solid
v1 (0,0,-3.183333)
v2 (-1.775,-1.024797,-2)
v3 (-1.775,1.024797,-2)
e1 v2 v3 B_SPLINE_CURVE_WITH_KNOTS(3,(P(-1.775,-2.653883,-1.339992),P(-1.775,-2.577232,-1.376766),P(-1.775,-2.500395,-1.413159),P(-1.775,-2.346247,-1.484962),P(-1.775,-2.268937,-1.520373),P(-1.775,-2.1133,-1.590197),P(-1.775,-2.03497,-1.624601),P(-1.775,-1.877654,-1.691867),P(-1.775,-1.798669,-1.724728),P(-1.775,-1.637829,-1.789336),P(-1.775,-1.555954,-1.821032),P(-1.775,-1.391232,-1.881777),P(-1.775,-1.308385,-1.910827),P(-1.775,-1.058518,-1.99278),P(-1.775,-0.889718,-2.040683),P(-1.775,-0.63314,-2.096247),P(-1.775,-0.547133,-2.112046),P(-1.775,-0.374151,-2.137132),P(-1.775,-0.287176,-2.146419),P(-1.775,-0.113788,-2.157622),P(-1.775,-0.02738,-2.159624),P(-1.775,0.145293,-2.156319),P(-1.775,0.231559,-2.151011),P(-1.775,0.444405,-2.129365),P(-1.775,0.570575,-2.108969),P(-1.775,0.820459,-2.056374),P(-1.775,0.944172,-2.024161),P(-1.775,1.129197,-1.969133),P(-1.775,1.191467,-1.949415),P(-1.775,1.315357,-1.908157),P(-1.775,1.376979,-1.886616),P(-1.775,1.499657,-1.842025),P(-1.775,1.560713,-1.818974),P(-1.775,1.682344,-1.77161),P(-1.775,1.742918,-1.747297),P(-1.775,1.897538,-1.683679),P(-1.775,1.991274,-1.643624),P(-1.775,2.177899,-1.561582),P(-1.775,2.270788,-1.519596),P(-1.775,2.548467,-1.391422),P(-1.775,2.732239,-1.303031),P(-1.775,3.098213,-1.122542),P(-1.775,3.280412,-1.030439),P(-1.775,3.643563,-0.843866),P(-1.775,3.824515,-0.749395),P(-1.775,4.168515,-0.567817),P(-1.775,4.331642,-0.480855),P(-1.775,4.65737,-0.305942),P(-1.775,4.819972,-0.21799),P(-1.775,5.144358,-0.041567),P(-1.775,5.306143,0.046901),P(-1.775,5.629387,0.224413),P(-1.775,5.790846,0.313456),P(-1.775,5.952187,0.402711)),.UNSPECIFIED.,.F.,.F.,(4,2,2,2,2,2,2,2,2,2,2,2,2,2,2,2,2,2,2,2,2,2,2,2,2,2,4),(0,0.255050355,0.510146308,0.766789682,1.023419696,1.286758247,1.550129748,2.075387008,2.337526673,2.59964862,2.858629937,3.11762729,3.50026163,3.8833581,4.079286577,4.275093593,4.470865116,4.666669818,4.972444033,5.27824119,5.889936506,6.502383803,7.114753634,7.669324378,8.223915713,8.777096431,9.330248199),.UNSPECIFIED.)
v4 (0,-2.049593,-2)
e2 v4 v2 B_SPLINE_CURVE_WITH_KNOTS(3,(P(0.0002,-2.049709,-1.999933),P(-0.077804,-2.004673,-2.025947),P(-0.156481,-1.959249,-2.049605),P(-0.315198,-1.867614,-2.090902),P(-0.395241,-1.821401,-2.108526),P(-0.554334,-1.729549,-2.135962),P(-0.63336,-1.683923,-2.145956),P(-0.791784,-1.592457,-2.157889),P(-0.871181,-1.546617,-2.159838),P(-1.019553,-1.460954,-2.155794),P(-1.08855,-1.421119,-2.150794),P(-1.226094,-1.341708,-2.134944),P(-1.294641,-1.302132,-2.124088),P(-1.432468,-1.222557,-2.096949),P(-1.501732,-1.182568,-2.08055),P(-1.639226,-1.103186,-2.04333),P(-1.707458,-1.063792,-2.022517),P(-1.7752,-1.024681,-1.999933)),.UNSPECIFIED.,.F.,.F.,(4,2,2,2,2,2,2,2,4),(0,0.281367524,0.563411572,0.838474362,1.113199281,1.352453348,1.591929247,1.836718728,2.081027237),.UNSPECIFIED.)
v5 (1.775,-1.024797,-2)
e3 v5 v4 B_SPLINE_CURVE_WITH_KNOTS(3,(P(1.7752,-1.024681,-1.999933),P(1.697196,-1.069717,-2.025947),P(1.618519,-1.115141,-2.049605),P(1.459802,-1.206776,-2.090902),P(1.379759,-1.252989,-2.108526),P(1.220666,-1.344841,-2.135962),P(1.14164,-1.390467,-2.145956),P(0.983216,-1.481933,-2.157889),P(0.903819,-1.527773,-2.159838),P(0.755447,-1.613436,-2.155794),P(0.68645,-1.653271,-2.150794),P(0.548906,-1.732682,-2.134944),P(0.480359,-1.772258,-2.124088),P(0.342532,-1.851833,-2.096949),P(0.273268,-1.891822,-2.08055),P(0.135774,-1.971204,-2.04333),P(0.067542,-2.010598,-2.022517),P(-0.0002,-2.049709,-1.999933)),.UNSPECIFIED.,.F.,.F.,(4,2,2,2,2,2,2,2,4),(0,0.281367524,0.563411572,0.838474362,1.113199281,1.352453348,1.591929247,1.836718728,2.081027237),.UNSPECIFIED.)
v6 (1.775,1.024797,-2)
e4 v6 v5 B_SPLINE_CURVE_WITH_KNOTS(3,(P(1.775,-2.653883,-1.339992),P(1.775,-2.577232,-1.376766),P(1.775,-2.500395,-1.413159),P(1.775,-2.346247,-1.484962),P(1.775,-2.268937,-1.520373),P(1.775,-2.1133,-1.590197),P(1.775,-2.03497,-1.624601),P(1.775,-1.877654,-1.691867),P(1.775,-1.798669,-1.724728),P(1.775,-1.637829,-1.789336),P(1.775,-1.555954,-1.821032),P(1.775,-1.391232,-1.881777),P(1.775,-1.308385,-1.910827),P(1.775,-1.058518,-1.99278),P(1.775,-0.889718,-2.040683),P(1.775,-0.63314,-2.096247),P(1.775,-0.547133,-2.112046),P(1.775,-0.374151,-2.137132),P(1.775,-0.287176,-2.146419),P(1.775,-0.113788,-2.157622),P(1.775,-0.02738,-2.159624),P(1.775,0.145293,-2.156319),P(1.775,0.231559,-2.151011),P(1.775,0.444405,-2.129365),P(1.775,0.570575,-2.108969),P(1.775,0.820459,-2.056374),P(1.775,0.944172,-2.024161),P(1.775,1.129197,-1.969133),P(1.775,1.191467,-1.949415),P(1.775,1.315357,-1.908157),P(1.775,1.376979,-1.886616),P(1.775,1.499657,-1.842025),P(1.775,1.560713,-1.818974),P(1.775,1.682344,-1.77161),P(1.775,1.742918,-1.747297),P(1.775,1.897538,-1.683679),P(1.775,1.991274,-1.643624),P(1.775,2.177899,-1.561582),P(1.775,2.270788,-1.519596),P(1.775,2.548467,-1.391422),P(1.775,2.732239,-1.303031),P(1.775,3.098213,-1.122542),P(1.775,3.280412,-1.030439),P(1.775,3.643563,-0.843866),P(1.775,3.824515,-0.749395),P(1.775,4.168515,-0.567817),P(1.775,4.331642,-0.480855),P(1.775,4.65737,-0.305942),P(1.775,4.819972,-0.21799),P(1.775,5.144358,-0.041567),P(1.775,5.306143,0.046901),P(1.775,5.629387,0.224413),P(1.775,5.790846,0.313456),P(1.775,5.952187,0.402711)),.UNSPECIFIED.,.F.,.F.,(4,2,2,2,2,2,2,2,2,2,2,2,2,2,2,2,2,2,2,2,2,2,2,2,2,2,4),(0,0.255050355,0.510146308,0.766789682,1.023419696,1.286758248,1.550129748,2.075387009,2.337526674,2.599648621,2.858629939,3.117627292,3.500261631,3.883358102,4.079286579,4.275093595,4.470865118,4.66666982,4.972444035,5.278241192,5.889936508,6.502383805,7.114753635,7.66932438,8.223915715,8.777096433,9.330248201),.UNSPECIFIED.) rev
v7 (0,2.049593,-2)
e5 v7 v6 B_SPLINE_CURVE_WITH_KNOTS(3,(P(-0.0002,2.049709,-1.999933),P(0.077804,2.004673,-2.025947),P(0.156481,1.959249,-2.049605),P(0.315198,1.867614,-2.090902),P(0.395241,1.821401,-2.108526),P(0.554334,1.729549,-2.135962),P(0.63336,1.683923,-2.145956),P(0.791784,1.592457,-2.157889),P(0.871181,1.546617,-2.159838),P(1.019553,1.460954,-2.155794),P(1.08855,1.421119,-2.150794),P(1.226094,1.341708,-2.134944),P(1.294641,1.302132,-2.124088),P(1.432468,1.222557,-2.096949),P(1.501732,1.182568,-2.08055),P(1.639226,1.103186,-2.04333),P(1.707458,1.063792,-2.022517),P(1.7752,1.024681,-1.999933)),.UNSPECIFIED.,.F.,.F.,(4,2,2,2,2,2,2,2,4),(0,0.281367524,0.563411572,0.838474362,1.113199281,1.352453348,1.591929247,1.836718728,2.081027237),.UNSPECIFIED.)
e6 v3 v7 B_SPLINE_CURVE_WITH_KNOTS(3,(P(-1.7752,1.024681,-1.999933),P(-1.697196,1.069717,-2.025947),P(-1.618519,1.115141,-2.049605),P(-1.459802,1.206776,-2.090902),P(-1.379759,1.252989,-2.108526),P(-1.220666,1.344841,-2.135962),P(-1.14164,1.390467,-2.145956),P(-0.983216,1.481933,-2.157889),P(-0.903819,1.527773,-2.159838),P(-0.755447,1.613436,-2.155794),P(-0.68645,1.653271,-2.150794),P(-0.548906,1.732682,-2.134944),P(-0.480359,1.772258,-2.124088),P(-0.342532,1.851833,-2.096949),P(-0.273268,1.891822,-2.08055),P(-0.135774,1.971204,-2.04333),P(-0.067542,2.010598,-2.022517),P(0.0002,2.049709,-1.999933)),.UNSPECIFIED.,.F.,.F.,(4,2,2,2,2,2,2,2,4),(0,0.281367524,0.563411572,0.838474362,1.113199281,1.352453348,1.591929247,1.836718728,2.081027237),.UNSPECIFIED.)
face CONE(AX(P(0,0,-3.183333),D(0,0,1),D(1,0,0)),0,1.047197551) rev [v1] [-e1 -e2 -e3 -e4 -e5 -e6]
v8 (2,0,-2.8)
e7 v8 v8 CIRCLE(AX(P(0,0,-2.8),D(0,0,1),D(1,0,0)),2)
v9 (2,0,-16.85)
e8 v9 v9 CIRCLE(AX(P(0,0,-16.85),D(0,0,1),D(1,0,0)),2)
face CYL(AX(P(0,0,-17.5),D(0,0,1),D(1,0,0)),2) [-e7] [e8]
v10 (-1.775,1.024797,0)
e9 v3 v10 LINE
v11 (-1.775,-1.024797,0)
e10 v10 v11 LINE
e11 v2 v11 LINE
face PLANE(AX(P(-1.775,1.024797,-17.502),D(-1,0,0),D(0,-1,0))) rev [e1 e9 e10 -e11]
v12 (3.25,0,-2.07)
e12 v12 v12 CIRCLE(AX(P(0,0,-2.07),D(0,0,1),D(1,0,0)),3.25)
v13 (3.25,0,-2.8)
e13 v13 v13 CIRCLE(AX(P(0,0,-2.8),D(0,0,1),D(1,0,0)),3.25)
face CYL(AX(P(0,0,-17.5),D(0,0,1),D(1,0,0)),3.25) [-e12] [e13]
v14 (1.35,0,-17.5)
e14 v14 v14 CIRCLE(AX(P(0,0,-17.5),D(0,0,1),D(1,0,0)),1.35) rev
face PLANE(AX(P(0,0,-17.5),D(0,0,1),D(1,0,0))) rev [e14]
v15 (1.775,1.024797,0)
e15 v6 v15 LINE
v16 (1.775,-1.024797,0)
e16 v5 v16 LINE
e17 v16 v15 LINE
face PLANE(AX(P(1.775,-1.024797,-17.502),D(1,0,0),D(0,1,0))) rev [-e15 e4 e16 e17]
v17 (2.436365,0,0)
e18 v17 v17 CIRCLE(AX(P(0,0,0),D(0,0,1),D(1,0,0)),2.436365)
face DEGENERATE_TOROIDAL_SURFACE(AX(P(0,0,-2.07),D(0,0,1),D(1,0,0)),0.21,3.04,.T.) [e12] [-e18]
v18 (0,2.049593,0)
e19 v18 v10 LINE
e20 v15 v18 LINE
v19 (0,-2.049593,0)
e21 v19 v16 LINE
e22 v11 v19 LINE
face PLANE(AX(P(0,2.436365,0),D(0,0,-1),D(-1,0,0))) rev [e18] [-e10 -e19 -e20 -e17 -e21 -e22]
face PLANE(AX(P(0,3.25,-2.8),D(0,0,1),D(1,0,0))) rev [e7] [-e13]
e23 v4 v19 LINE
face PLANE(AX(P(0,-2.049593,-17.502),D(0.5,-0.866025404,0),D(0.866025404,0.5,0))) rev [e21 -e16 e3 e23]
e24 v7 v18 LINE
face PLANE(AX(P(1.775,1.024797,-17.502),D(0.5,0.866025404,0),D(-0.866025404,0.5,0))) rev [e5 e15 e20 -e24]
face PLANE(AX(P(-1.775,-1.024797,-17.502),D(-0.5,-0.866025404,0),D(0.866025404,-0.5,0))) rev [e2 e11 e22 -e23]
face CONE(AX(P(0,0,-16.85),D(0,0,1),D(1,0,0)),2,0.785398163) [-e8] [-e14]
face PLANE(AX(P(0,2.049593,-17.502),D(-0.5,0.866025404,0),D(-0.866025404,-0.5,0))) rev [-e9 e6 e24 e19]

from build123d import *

# Parameters (mm, degrees)
CHANFREIN2_SIZE    = 0.65
BOSS_EXTRU_1_REACH = 20.094
ESQUISSE3_R        = 2.43636475


with BuildPart() as part:
    # Esquisse1 → Révolution1 (revolve)
    with BuildSketch(Plane(origin=(0, 0, 0), x_dir=(0, 0, -1), z_dir=(1, 0, 0)), mode=Mode.PRIVATE) as r_volution1_sk:
        with BuildLine():
            Line((17.5, 2), (2.8, 2))
            Line((2.8, 2), (2.8, 3.25))
            Line((2.8, 3.25), (2.07, 3.25))
            ThreePointArc((2.07, 3.25), (0.957918357, 3.039288677), (0, 2.43636475))
            Line((0, 2.43636475), (0, 0))
            Line((0, 0), (17.5, 0))
            Line((17.5, 0), (17.5, 2))
        make_face()
    revolve(r_volution1_sk.sketch.rotate(Axis((0, 0, -17.5), (0, 0, -1)), 90), axis=Axis((0, 0, -17.5), (0, 0, -1)))

    # Chanfrein2
    chanfrein2_edges = [part.edges().sort_by_distance(p)[0] for p in [
        (-2, 0, -17.5),
    ]]
    chamfer(chanfrein2_edges, length=CHANFREIN2_SIZE)

    # Esquisse2 → Enlèvement de matière-Révolution1 (revolve, cut)
    with BuildSketch(Plane(origin=(0, 0, 0), x_dir=(0, 0, -1), z_dir=(1, 0, 0)), mode=Mode.PRIVATE) as enl_vement_de_mati_re_r_volution1_sk:
        Polygon((0, 0), (0, 2.049593456), (2, 2.049593456), (3.183333333, 0), align=None)
    revolve(enl_vement_de_mati_re_r_volution1_sk.sketch.rotate(Axis((0, 0, 0), (0, 0, -1)), 90), axis=Axis((0, 0, 0), (0, 0, -1)), mode=Mode.SUBTRACT)

    # Boss.-Extru.1: up to this cone (the profile starts inside it)
    boss_extru_1_end = Plane(origin=(0, 0, 0), z_dir=(0, 0, 1)).offset(-3.183332333) * Cone(1.732e-06, 50.733549402, 29.291027404, align=(Align.CENTER, Align.CENTER, Align.MIN), mode=Mode.PRIVATE)
    # Esquisse3 → Boss.-Extru.1 (add, up to the surface)
    with BuildSketch(Plane.XY, mode=Mode.PRIVATE) as boss_extru_1_sk1:
        Circle(ESQUISSE3_R)
        Polygon((0, 2.049593456), (-1.775, 1.024796728), (-1.775, -1.024796728), (0, -2.049593456), (1.775, -1.024796728), (1.775, 1.024796728), align=None, mode=Mode.SUBTRACT)
    boss_extru_1_tool1 = extrude(boss_extru_1_sk1.sketch, amount=-BOSS_EXTRU_1_REACH, mode=Mode.PRIVATE) & boss_extru_1_end
    add(boss_extru_1_tool1.solids().sort_by_distance((-2.367454, 0, 0))[0])


solid = part.part
